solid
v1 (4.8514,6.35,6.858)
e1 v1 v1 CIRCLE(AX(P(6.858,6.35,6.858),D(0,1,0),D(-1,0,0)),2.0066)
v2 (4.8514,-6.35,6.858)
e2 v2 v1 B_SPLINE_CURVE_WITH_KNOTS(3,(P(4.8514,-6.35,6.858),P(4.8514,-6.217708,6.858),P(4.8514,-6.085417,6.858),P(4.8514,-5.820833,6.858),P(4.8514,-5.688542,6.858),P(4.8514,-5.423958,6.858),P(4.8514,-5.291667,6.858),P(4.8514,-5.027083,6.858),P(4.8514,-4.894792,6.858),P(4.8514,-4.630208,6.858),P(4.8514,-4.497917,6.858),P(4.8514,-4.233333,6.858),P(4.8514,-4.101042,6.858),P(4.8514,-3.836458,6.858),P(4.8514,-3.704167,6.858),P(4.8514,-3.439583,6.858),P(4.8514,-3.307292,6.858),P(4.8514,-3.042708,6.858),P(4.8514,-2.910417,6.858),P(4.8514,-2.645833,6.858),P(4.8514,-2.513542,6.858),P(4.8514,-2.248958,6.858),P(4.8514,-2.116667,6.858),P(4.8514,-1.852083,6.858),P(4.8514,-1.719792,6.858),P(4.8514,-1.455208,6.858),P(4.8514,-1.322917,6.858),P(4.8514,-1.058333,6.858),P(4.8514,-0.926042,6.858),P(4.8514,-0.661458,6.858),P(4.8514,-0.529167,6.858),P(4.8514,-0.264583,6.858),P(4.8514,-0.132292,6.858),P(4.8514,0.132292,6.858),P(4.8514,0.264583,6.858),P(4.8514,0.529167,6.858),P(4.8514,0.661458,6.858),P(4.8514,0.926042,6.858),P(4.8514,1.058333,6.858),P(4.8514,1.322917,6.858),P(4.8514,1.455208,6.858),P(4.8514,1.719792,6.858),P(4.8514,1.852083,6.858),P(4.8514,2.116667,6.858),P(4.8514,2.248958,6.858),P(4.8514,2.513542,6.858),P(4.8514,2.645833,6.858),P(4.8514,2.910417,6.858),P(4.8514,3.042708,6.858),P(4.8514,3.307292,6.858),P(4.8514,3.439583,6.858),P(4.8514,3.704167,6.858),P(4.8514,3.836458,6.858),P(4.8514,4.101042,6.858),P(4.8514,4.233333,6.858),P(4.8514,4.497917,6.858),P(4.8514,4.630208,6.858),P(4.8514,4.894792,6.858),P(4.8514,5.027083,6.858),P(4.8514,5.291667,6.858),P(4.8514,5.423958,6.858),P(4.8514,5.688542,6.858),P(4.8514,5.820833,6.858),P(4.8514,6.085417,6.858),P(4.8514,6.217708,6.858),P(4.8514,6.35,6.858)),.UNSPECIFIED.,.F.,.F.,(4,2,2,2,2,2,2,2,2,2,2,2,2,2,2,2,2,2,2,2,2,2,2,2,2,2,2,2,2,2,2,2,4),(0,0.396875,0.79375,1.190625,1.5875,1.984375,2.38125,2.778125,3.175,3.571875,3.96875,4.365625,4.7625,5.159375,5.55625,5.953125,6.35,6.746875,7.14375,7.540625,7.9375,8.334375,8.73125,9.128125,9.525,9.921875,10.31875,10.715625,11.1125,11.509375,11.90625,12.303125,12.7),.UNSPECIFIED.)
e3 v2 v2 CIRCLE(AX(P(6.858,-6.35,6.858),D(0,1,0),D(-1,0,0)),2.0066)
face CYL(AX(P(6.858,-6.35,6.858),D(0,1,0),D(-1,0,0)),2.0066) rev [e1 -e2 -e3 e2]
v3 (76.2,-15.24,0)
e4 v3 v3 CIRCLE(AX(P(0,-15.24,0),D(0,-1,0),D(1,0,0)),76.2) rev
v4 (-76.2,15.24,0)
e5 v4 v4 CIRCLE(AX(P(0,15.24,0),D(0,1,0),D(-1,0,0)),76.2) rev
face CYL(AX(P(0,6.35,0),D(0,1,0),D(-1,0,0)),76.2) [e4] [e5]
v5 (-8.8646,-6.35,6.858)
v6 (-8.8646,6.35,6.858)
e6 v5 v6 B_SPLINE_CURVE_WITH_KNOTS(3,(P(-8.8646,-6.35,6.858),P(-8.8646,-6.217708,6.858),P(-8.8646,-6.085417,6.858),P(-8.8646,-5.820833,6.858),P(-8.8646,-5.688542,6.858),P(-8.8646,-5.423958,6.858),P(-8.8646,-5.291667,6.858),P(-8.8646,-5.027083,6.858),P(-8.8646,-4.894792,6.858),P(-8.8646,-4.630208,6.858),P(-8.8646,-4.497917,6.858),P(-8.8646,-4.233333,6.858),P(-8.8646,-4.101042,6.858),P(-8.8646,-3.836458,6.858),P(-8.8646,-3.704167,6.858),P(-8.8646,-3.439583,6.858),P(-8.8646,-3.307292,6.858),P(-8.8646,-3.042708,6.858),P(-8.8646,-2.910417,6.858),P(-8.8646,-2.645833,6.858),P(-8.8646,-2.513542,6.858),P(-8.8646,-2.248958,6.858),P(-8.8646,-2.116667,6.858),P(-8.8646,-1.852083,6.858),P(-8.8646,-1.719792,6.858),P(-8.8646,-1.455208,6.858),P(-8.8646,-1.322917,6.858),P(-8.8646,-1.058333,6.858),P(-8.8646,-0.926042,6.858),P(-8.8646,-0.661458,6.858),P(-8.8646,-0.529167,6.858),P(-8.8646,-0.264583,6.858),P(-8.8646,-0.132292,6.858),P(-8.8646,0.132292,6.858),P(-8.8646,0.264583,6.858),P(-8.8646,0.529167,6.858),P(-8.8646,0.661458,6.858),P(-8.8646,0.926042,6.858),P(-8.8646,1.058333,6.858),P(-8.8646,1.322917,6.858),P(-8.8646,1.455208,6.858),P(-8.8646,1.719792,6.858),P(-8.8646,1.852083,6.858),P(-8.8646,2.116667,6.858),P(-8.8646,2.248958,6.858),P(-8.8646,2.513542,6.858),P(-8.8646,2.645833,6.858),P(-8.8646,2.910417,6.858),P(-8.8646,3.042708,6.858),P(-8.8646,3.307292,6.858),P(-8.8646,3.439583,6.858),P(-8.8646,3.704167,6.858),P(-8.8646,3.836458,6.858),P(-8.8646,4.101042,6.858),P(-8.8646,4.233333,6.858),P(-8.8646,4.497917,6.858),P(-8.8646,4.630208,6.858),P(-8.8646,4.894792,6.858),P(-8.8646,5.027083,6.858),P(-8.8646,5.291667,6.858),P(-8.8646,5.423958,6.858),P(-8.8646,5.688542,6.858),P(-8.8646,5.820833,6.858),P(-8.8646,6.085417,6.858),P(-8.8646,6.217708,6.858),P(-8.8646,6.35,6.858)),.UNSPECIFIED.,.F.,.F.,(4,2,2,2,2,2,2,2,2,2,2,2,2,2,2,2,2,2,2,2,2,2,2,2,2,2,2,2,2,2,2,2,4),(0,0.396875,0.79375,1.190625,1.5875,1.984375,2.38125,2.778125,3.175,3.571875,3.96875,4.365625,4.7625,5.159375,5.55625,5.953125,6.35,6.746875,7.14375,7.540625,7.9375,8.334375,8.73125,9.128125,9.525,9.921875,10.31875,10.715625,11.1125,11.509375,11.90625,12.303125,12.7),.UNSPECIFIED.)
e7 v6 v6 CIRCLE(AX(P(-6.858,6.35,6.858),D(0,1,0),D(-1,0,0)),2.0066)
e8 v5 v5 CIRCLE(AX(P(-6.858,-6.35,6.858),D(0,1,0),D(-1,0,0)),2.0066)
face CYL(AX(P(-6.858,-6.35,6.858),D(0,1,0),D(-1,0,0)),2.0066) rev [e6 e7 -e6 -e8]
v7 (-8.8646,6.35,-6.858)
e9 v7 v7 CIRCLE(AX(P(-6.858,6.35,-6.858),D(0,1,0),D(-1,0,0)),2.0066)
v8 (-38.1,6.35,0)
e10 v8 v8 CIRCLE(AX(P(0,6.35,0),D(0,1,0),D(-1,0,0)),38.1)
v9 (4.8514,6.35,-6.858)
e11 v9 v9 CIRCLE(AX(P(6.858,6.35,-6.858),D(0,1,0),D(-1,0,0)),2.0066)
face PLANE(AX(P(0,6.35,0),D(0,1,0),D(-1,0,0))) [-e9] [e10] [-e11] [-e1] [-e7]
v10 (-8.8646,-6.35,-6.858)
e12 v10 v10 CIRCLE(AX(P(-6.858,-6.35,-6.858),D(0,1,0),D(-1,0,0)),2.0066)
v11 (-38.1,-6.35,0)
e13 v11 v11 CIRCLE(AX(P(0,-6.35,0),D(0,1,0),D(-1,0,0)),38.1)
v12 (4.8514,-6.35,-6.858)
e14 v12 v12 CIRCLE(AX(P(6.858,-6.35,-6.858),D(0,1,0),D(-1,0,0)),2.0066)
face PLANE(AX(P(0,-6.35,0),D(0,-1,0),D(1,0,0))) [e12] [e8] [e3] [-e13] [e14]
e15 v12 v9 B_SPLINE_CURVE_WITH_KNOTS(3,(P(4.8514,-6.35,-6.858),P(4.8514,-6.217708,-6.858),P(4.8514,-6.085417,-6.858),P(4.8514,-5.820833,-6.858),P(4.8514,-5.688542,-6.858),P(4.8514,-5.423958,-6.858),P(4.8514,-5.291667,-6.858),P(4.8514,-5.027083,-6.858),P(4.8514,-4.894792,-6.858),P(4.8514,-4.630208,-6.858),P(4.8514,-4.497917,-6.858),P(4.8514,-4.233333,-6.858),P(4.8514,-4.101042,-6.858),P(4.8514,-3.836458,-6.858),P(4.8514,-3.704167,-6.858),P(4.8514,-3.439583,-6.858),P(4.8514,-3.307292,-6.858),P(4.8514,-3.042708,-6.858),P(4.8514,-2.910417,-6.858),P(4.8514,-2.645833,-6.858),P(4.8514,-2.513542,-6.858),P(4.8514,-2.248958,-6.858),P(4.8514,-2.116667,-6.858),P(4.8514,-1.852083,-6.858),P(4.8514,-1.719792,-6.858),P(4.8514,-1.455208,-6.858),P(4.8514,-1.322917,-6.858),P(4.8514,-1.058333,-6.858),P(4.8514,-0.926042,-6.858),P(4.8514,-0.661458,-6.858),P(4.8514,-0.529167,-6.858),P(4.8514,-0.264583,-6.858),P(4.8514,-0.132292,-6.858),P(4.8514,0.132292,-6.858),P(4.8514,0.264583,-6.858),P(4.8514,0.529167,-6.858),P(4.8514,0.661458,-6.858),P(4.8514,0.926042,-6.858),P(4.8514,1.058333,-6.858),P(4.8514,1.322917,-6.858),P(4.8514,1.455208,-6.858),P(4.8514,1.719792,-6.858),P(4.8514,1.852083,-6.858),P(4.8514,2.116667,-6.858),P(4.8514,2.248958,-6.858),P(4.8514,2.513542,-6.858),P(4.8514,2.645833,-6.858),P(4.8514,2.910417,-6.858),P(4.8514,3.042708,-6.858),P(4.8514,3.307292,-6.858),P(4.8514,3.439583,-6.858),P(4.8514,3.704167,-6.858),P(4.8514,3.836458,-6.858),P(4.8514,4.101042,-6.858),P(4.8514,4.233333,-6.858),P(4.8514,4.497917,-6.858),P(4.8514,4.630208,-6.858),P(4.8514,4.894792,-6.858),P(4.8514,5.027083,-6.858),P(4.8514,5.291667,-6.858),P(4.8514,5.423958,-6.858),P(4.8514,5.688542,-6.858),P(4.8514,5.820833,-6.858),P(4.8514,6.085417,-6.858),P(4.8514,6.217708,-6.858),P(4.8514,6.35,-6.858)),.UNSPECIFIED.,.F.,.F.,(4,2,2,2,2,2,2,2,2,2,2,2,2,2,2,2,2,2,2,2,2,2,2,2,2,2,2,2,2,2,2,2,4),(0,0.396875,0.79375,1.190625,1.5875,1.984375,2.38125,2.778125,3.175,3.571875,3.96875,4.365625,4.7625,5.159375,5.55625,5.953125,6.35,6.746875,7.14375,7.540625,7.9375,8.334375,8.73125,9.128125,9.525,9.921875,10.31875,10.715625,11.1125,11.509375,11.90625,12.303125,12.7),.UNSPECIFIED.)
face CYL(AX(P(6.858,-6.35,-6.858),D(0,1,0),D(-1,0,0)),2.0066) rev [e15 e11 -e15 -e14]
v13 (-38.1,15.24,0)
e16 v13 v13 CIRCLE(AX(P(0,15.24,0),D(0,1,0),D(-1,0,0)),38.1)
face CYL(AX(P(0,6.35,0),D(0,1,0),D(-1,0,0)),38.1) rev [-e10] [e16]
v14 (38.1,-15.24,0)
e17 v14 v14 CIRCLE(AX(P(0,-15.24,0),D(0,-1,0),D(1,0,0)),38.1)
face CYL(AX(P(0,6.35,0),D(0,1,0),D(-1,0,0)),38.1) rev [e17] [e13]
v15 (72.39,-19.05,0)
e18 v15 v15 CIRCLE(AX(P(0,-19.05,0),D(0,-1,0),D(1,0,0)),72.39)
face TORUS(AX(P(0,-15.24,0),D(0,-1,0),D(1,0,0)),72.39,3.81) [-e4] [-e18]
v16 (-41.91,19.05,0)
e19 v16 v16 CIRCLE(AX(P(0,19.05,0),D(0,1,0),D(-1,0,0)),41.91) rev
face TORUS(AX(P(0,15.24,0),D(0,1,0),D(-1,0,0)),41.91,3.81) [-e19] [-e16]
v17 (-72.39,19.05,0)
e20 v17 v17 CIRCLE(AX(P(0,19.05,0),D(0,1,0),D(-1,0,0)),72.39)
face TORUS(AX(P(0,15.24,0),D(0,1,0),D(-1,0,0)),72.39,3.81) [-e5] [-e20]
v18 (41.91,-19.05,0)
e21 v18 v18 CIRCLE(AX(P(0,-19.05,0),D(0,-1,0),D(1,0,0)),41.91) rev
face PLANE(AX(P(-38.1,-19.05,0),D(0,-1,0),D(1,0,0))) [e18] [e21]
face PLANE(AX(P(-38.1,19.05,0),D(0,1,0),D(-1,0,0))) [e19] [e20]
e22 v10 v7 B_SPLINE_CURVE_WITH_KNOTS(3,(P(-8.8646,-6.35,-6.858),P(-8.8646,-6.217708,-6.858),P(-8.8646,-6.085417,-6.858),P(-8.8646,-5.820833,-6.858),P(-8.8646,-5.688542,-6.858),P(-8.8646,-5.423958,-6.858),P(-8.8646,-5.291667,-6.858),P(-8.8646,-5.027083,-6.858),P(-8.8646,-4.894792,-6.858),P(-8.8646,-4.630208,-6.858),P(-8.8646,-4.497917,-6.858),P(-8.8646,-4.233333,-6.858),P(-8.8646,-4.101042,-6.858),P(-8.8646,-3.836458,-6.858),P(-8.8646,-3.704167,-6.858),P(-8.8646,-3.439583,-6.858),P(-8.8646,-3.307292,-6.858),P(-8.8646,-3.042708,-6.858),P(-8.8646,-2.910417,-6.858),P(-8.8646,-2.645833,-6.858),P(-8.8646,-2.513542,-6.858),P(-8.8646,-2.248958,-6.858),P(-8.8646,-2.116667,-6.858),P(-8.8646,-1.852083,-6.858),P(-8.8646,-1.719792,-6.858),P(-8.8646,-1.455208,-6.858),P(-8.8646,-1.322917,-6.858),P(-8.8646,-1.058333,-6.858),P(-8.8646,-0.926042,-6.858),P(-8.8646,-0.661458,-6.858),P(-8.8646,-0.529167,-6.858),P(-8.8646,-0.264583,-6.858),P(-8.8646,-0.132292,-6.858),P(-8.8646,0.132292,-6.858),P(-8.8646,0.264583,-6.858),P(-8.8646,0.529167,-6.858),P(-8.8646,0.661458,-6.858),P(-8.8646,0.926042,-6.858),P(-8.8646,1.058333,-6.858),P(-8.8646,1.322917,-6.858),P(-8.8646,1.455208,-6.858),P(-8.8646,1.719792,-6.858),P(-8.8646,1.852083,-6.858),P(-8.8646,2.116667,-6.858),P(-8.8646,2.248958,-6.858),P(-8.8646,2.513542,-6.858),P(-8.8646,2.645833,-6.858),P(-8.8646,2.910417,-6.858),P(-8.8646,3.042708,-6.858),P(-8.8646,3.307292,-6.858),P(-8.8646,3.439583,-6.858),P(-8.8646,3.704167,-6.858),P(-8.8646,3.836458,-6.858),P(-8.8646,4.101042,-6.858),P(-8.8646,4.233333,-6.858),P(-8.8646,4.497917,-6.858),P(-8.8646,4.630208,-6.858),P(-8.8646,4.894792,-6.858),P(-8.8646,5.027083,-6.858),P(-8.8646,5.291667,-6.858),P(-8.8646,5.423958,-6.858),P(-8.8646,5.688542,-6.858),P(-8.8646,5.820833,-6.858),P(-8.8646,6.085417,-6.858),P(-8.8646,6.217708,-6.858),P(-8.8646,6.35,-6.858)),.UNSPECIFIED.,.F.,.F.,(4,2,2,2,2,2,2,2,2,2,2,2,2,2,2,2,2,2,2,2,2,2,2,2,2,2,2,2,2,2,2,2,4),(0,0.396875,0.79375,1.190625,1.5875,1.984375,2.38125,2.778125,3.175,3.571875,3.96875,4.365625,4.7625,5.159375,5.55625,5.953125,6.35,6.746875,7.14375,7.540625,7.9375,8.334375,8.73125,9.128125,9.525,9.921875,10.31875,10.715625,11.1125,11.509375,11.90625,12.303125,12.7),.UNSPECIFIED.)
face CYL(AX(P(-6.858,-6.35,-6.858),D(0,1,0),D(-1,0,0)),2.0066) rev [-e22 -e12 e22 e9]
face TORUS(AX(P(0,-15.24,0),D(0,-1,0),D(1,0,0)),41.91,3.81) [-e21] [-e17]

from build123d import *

# Parameters (mm, degrees)
WHEEL_EDGES_FILLET_R     = 3.81
SKETCH2_R                = 2.0066
F_4_MOUNTING_HOLES_DEPTH = 12.7


with BuildPart() as part:
    # Wheel Cross Section → Main Wheel Rev (revolve)
    with BuildSketch(Plane.XY):
        Polygon((0, 6.35), (0, -6.35), (-38.1, -6.35), (-38.1, -19.05), (-76.2, -19.05), (-76.2, 19.05), (-38.1, 19.05), (-38.1, 6.35), align=None)
    revolve(axis=Axis((0, 6.35, 0), (0, -1, 0)))

    # Wheel Edges Fillet
    wheel_edges_fillet_edges = [part.edges().sort_by_distance(p)[0] for p in [
        (38.1, 19.05, 0),
        (38.1, -19.05, 0),
        (76.2, -19.05, 0),
        (76.2, 19.05, 0),
    ]]
    fillet(wheel_edges_fillet_edges, radius=WHEEL_EDGES_FILLET_R)

    # Sketch2 → 4 Mounting Holes (cut)
    with BuildSketch(Plane(origin=(0, 6.35, 0), x_dir=(1, 0, 0), z_dir=(0, 1, 0))):
        with Locations(Location((-6.858, 6.858, 0), (0, 0, 180))):
            Circle(SKETCH2_R)
        with Locations(Location((6.858, 6.858, 0), (0, 0, 180))):
            Circle(SKETCH2_R)
        with Locations(Location((6.858, -6.858, 0), (0, 0, 180))):
            Circle(SKETCH2_R)
        with Locations(Location((-6.858, -6.858, 0), (0, 0, 180))):
            Circle(SKETCH2_R)
    extrude(amount=-F_4_MOUNTING_HOLES_DEPTH, mode=Mode.SUBTRACT)


solid = part.part
